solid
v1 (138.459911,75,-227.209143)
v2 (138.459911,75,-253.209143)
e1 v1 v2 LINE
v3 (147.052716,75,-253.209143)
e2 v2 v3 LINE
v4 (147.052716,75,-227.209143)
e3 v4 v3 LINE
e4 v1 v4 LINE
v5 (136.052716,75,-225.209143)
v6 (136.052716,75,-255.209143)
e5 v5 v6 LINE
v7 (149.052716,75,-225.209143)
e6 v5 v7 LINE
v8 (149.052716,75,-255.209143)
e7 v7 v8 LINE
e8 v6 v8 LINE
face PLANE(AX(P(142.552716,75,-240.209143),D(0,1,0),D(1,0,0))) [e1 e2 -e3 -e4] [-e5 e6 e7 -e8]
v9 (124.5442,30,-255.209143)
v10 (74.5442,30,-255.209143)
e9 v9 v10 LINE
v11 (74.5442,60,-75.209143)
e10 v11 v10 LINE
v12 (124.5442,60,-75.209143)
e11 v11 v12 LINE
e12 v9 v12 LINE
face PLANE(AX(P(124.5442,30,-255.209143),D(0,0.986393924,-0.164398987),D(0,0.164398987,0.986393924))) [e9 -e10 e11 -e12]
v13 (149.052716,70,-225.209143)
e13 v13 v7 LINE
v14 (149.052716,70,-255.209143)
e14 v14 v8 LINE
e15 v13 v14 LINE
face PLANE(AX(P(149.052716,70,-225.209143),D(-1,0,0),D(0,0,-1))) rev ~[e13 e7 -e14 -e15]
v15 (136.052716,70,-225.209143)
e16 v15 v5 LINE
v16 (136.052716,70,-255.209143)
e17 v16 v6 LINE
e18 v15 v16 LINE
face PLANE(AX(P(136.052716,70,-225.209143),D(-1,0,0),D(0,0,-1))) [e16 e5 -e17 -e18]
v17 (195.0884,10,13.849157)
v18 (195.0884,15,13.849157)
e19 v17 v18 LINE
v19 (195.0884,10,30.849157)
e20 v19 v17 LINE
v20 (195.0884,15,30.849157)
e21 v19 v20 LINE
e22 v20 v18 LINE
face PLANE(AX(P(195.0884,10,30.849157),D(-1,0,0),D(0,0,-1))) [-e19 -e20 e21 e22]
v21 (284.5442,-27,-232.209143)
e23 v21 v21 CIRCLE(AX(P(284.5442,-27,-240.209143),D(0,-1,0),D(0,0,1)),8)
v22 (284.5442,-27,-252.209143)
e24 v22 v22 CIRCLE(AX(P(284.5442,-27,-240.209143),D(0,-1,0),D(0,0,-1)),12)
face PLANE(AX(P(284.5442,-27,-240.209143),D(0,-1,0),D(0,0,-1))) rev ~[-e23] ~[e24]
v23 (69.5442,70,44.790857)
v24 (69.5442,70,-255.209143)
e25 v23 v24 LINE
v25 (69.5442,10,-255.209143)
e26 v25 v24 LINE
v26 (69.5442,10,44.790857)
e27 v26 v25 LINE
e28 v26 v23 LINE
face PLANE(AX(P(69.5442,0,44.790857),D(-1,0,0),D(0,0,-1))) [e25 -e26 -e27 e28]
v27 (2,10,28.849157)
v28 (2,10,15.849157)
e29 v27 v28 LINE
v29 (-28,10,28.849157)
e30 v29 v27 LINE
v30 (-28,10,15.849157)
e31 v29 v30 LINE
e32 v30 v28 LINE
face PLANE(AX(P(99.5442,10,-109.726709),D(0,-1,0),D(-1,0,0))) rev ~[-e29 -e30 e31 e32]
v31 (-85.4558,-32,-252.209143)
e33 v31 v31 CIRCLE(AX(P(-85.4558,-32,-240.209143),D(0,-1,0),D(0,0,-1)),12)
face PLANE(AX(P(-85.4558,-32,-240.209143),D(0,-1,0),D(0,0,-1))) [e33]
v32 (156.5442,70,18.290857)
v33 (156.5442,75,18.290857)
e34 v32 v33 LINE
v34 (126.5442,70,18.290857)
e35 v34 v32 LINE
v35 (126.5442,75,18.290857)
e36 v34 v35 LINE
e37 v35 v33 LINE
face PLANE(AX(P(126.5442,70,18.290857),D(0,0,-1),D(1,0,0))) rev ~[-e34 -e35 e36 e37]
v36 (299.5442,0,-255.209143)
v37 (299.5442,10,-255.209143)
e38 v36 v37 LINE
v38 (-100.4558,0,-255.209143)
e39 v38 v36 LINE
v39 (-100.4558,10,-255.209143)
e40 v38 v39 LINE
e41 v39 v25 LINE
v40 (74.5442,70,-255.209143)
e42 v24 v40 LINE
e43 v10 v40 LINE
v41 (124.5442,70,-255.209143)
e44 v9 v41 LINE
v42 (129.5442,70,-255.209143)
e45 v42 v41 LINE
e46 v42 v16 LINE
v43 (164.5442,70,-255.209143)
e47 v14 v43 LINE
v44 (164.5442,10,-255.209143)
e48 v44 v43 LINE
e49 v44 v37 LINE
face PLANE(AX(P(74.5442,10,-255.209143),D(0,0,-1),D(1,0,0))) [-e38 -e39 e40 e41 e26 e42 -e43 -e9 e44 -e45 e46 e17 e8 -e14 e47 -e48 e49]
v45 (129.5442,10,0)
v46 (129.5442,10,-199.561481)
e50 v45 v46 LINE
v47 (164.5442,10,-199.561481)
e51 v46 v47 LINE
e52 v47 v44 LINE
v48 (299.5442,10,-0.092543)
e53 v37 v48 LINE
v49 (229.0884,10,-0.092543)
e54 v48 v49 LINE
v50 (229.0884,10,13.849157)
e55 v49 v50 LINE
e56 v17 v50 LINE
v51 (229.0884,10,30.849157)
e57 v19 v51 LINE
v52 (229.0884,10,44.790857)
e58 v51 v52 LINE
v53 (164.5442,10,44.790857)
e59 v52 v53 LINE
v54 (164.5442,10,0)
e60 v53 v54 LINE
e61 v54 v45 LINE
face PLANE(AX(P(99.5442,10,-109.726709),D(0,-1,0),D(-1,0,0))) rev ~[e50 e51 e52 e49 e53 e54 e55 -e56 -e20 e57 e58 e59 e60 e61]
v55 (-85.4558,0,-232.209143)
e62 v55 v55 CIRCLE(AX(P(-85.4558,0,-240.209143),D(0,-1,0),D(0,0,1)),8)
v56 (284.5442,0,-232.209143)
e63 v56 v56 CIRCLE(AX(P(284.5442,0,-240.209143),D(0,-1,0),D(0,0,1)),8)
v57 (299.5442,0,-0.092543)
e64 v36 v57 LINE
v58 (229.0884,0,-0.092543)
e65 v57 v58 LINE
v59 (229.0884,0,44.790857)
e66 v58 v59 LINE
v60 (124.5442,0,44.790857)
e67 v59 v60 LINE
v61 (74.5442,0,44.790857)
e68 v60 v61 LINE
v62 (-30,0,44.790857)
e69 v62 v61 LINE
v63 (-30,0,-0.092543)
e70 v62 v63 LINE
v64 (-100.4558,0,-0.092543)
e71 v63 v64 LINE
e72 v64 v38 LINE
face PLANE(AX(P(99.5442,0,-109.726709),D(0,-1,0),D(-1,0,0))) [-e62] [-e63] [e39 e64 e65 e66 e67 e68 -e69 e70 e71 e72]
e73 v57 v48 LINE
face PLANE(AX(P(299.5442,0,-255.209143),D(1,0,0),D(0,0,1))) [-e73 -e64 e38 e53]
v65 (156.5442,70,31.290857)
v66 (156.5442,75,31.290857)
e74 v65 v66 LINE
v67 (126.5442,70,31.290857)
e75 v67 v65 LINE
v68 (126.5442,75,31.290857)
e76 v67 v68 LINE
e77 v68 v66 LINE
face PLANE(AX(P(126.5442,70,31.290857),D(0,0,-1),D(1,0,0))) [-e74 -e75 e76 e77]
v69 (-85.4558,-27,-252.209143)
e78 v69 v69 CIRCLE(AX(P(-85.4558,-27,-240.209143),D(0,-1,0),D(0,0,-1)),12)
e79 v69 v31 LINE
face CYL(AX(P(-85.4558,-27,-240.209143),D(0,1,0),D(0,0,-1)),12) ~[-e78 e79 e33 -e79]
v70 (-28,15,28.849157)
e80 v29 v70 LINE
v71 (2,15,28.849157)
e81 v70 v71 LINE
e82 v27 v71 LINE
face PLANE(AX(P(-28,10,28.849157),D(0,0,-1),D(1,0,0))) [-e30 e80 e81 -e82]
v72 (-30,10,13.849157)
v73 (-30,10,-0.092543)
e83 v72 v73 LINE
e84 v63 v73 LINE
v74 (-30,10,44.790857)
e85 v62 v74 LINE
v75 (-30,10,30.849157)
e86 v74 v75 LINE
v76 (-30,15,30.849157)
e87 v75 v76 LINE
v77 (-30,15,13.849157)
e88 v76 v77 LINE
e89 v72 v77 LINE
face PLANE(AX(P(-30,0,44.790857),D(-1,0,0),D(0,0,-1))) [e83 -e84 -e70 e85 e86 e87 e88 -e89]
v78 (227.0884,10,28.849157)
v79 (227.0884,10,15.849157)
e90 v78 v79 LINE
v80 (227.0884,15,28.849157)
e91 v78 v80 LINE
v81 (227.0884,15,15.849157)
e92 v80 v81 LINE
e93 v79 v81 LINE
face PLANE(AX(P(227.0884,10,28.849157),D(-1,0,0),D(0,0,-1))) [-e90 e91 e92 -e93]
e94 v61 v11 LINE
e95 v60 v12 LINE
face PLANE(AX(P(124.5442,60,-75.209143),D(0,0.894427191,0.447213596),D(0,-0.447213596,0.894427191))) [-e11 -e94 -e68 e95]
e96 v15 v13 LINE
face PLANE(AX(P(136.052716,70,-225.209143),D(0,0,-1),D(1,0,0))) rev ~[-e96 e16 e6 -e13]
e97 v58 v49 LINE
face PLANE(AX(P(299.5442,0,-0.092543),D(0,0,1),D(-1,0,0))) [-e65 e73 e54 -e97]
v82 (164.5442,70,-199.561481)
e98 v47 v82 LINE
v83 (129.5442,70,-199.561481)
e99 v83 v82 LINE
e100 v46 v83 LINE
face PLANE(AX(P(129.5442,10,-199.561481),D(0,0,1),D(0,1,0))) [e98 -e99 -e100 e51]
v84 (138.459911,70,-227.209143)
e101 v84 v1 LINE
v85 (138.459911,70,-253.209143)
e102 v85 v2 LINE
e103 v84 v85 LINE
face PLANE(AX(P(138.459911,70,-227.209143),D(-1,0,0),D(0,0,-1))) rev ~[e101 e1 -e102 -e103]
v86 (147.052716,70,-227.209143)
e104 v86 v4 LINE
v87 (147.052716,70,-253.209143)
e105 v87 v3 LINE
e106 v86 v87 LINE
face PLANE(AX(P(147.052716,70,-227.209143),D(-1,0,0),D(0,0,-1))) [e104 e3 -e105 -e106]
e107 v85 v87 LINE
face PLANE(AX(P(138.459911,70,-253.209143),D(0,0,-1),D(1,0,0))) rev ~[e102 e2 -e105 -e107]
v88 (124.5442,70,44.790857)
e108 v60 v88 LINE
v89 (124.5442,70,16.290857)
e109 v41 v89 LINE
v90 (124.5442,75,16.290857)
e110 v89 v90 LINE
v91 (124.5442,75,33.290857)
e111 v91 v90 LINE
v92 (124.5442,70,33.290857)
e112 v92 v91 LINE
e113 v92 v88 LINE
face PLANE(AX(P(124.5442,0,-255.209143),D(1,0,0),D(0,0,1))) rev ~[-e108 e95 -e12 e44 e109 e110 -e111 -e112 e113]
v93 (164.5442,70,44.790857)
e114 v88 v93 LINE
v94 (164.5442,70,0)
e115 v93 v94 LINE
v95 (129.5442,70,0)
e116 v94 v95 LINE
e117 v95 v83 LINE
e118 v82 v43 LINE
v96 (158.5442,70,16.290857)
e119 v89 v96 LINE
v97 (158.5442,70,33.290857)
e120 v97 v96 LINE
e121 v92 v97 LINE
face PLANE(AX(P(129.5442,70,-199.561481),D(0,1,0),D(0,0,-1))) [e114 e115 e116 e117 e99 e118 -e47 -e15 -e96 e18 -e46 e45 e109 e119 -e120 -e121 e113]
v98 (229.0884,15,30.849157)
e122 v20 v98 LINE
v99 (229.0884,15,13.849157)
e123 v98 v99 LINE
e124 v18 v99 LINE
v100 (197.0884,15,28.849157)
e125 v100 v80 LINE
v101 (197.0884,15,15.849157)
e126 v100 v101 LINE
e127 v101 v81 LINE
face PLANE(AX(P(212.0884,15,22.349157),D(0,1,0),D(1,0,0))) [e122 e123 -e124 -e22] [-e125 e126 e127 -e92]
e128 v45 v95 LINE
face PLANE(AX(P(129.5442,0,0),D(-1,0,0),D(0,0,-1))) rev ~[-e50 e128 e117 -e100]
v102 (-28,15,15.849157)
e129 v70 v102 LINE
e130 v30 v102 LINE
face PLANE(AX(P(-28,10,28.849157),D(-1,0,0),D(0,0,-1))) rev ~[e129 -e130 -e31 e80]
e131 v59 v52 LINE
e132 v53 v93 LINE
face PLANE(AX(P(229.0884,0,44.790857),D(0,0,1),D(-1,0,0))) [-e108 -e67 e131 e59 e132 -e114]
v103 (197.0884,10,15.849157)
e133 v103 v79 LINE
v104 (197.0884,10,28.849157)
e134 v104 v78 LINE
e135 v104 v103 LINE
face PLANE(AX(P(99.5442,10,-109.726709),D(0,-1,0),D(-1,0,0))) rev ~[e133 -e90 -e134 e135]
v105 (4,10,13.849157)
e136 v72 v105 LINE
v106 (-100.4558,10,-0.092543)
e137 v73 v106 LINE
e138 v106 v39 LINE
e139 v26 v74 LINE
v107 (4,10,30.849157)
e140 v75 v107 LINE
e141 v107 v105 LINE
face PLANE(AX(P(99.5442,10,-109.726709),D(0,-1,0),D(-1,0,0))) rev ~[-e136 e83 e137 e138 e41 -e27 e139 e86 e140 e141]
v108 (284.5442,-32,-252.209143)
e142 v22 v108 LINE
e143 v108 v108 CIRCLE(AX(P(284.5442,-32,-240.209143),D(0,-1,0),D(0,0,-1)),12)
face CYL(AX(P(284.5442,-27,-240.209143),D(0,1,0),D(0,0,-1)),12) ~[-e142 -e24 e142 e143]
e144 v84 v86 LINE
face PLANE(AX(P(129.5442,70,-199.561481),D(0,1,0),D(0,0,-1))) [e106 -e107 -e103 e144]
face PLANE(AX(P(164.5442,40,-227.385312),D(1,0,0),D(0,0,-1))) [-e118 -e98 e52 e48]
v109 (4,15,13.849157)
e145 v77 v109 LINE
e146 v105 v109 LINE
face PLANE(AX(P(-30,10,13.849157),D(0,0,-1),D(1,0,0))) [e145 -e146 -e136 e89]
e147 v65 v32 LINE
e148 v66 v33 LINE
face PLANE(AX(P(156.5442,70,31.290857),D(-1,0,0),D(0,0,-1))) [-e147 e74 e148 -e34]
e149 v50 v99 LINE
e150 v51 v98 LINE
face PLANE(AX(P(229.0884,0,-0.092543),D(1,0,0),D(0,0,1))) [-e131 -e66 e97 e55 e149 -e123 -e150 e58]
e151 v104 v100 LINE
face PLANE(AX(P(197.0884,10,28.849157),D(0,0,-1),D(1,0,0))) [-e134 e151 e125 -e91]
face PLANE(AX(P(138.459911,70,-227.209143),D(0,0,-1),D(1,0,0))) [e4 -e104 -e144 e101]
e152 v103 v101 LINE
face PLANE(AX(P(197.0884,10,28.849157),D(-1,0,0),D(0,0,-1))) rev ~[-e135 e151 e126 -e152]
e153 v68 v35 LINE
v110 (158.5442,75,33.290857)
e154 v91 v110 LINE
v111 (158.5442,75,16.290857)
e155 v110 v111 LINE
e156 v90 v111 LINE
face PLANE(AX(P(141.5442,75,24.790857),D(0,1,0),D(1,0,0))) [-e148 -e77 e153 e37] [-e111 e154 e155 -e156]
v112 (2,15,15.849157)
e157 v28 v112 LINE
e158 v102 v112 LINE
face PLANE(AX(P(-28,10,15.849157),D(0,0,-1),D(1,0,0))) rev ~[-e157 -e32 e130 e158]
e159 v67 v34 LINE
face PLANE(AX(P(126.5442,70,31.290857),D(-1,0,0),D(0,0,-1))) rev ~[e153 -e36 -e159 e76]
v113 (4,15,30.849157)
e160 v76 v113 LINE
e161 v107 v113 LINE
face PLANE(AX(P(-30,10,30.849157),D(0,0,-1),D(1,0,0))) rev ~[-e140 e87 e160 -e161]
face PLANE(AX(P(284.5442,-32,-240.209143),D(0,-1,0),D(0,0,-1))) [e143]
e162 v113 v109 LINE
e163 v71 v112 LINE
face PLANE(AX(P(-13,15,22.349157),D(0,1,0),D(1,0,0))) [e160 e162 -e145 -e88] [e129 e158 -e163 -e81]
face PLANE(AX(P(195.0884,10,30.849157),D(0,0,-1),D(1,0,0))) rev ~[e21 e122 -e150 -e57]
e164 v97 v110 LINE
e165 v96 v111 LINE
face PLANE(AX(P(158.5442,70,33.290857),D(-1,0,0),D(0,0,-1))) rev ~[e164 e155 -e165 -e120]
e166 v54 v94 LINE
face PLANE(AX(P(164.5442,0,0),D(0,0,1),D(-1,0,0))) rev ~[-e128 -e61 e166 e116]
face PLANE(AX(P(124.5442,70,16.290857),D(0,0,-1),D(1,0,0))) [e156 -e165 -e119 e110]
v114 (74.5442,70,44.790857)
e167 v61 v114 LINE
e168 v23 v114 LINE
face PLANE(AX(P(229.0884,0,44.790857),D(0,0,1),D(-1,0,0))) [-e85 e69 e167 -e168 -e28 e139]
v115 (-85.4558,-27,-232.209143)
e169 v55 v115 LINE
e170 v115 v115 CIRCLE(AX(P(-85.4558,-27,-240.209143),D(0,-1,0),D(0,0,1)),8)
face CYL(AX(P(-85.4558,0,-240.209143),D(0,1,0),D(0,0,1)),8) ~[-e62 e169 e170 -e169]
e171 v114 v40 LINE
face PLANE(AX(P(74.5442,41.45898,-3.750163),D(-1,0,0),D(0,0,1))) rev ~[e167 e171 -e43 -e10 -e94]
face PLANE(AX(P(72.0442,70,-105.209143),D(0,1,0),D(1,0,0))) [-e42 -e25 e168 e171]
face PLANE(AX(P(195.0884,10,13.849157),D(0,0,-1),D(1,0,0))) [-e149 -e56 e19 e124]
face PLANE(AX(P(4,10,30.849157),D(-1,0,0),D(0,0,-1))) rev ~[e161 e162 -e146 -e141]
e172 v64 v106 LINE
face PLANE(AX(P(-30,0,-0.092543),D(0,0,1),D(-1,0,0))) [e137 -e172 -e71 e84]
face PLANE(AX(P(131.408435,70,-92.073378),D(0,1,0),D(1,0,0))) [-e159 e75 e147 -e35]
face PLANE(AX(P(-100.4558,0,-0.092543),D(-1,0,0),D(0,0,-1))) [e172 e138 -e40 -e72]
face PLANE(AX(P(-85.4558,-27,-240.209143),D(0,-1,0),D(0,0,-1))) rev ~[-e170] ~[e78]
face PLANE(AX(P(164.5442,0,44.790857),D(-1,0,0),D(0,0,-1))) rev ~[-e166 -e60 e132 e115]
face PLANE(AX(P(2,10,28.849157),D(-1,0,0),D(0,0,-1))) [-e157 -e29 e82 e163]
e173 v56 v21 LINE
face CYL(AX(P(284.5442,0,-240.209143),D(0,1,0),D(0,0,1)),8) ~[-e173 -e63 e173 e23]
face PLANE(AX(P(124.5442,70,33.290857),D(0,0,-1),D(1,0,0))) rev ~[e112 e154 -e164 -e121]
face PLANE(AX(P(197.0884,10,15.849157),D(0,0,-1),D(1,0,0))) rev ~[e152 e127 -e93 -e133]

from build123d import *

# Parameters (mm, degrees)
BOSS_EXTRUDE3_DEPTH  = 10
SKETCH2_W            = 34
SKETCH2_H            = 17
SKETCH2_W_2          = 30
SKETCH2_H_2          = 13
BOSS_EXTRUDE4_DEPTH  = 5
SKETCH3_W            = 50
SKETCH3_H            = 120
BOSS_EXTRUDE5_DEPTH  = 50
CUT_EXTRUDE2_DEPTH   = 50
SKETCH5_W            = 50
SKETCH5_H            = 180
BOSS_EXTRUDE6_DEPTH  = 50
CUT_EXTRUDE3_DEPTH   = 346.480399988
SKETCH7_W            = 5
SKETCH7_H            = 300
BOSS_EXTRUDE7_DEPTH  = 70
SKETCH9_W            = 34
SKETCH9_H            = 17
SKETCH9_W_2          = 30
SKETCH9_H_2          = 13
BOSS_EXTRUDE8_DEPTH  = 5
SKETCH10_W           = 55.647662557
SKETCH10_H           = 60
BOSS_EXTRUDE9_DEPTH  = 35
SKETCH13_W           = 13
SKETCH13_H           = 30
SKETCH13_W_2         = 8.592805021
SKETCH13_H_2         = 26
BOSS_EXTRUDE11_DEPTH = 5
SKETCH14_R           = 8
BOSS_EXTRUDE12_DEPTH = 27
SKETCH16_R           = 8
BOSS_EXTRUDE13_DEPTH = 27
SKETCH17_R           = 12
BOSS_EXTRUDE14_DEPTH = 5
SKETCH18_R           = 12
BOSS_EXTRUDE15_DEPTH = 5


with BuildPart() as part:
    # Sketch1 → Boss-Extrude3 (new body)
    with BuildSketch(Plane(origin=(0, 0, 0), x_dir=(1, 0, 0), z_dir=(0, 1, 0))):
        Polygon((-100.4558, 255.209143206), (299.5442, 255.209143206), (299.5442, 0.092543206), (229.0884, 0.092543206), (229.0884, -44.790856794), (-30, -44.790856794), (-30, 0.092543206), (-100.4558, 0.092543206), align=None)
    extrude(amount=BOSS_EXTRUDE3_DEPTH)

    # Sketch2 → Boss-Extrude4 (add)
    # profile 1 of 2: a face of its own
    with BuildSketch(Plane(origin=(0, 10, 0), x_dir=(1, 0, 0), z_dir=(0, 1, 0))):
        with Locations((-13, -22.349156794)):
            Rectangle(SKETCH2_W, SKETCH2_H)
        with Locations((-13, -22.349156794)):
            Rectangle(SKETCH2_W_2, SKETCH2_H_2, mode=Mode.SUBTRACT)
    # profile 2 of 2: a face of its own
    with BuildSketch(Plane(origin=(0, 10, 0), x_dir=(1, 0, 0), z_dir=(0, 1, 0))):
        with Locations((212.0884, -22.349156794)):
            Rectangle(SKETCH2_W, SKETCH2_H)
        with Locations((212.0884, -22.349156794)):
            Rectangle(SKETCH2_W_2, SKETCH2_H_2, mode=Mode.SUBTRACT)
    extrude(amount=BOSS_EXTRUDE4_DEPTH)

    # Sketch3 → Boss-Extrude5 (add)
    with BuildSketch(Plane(origin=(0, 10, 0), x_dir=(1, 0, 0), z_dir=(0, 1, 0))):
        with Locations((99.5442, 15.209143206)):
            Rectangle(SKETCH3_W, SKETCH3_H)
    extrude(amount=BOSS_EXTRUDE5_DEPTH)

    # Sketch4 → Cut-Extrude2 (cut)
    with BuildSketch(Plane(origin=(124.5442, 0, 0), x_dir=(0, 0, -1), z_dir=(1, 0, 0))):
        Polygon((-44.790856794, 60), (75.209143206, 60), (-44.790856794, 0), align=None)
    extrude(amount=-CUT_EXTRUDE2_DEPTH, mode=Mode.SUBTRACT)

    # Sketch5 → Boss-Extrude6 (add)
    with BuildSketch(Plane(origin=(0, 10, 0), x_dir=(1, 0, 0), z_dir=(0, 1, 0))):
        with Locations((99.5442, 165.209143206)):
            Rectangle(SKETCH5_W, SKETCH5_H)
    extrude(amount=BOSS_EXTRUDE6_DEPTH)

    # Sketch6 → Cut-Extrude3 (cut, through all)
    with BuildSketch(Plane(origin=(124.5442, 0, 0), x_dir=(0, 0, -1), z_dir=(1, 0, 0))):
        Polygon((75.209143206, 60), (255.209143206, 60), (255.209143206, 30), align=None)
    extrude(amount=-CUT_EXTRUDE3_DEPTH, mode=Mode.SUBTRACT)

    # Sketch7 → Boss-Extrude7 (add)
    with BuildSketch(Plane(origin=(0, 0, 0), x_dir=(1, 0, 0), z_dir=(0, 1, 0))):
        with Locations((72.0442, 105.209143206)):
            Rectangle(SKETCH7_W, SKETCH7_H)
        Polygon((129.5442, 255.209143206), (124.5442, 255.209143206), (124.5442, -44.790856794), (164.5442, -44.790856794), (164.5442, 0), (129.5442, 0), align=None)
    extrude(amount=BOSS_EXTRUDE7_DEPTH)

    # Sketch9 → Boss-Extrude8 (add)
    with BuildSketch(Plane(origin=(0, 70, 0), x_dir=(1, 0, 0), z_dir=(0, 1, 0))):
        with Locations((141.5442, -24.790856794)):
            Rectangle(SKETCH9_W, SKETCH9_H)
        with Locations((141.5442, -24.790856794)):
            Rectangle(SKETCH9_W_2, SKETCH9_H_2, mode=Mode.SUBTRACT)
    extrude(amount=BOSS_EXTRUDE8_DEPTH)

    # Sketch10 → Boss-Extrude9 (add)
    with BuildSketch(Plane(origin=(129.5442, 0, 0), x_dir=(0, 0, -1), z_dir=(1, 0, 0))):
        with Locations((227.385311928, 40)):
            Rectangle(SKETCH10_W, SKETCH10_H)
    extrude(amount=BOSS_EXTRUDE9_DEPTH)

    # Sketch13 → Boss-Extrude11 (add)
    with BuildSketch(Plane(origin=(0, 70, 0), x_dir=(1, 0, 0), z_dir=(0, 1, 0))):
        with Locations((142.552716242, 240.209143206)):
            Rectangle(SKETCH13_W, SKETCH13_H)
        with Locations((142.756313732, 240.209143206)):
            Rectangle(SKETCH13_W_2, SKETCH13_H_2, mode=Mode.SUBTRACT)
    extrude(amount=BOSS_EXTRUDE11_DEPTH)

    # Sketch14 → Boss-Extrude12 (add)
    with BuildSketch(Plane.XZ):
        with Locations(Location((284.5442, -240.209143206, 0), (0, 0, 90))):
            Circle(SKETCH14_R)
    extrude(amount=BOSS_EXTRUDE12_DEPTH)

    # Sketch16 → Boss-Extrude13 (add)
    with BuildSketch(Plane.XZ):
        with Locations(Location((-85.4558, -240.209143206, 0), (0, 0, 90))):
            Circle(SKETCH16_R)
    extrude(amount=BOSS_EXTRUDE13_DEPTH)

    # Sketch17 → Boss-Extrude14 (add)
    with BuildSketch(Plane.XZ.offset(27)):
        with Locations(Location((284.5442, -240.209143206, 0), (0, 0, 270))):
            Circle(SKETCH17_R)
    extrude(amount=BOSS_EXTRUDE14_DEPTH)

    # Sketch18 → Boss-Extrude15 (add)
    with BuildSketch(Plane.XZ.offset(27)):
        with Locations(Location((-85.4558, -240.209143206, 0), (0, 0, 270))):
            Circle(SKETCH18_R)
    extrude(amount=BOSS_EXTRUDE15_DEPTH)


solid = part.part
